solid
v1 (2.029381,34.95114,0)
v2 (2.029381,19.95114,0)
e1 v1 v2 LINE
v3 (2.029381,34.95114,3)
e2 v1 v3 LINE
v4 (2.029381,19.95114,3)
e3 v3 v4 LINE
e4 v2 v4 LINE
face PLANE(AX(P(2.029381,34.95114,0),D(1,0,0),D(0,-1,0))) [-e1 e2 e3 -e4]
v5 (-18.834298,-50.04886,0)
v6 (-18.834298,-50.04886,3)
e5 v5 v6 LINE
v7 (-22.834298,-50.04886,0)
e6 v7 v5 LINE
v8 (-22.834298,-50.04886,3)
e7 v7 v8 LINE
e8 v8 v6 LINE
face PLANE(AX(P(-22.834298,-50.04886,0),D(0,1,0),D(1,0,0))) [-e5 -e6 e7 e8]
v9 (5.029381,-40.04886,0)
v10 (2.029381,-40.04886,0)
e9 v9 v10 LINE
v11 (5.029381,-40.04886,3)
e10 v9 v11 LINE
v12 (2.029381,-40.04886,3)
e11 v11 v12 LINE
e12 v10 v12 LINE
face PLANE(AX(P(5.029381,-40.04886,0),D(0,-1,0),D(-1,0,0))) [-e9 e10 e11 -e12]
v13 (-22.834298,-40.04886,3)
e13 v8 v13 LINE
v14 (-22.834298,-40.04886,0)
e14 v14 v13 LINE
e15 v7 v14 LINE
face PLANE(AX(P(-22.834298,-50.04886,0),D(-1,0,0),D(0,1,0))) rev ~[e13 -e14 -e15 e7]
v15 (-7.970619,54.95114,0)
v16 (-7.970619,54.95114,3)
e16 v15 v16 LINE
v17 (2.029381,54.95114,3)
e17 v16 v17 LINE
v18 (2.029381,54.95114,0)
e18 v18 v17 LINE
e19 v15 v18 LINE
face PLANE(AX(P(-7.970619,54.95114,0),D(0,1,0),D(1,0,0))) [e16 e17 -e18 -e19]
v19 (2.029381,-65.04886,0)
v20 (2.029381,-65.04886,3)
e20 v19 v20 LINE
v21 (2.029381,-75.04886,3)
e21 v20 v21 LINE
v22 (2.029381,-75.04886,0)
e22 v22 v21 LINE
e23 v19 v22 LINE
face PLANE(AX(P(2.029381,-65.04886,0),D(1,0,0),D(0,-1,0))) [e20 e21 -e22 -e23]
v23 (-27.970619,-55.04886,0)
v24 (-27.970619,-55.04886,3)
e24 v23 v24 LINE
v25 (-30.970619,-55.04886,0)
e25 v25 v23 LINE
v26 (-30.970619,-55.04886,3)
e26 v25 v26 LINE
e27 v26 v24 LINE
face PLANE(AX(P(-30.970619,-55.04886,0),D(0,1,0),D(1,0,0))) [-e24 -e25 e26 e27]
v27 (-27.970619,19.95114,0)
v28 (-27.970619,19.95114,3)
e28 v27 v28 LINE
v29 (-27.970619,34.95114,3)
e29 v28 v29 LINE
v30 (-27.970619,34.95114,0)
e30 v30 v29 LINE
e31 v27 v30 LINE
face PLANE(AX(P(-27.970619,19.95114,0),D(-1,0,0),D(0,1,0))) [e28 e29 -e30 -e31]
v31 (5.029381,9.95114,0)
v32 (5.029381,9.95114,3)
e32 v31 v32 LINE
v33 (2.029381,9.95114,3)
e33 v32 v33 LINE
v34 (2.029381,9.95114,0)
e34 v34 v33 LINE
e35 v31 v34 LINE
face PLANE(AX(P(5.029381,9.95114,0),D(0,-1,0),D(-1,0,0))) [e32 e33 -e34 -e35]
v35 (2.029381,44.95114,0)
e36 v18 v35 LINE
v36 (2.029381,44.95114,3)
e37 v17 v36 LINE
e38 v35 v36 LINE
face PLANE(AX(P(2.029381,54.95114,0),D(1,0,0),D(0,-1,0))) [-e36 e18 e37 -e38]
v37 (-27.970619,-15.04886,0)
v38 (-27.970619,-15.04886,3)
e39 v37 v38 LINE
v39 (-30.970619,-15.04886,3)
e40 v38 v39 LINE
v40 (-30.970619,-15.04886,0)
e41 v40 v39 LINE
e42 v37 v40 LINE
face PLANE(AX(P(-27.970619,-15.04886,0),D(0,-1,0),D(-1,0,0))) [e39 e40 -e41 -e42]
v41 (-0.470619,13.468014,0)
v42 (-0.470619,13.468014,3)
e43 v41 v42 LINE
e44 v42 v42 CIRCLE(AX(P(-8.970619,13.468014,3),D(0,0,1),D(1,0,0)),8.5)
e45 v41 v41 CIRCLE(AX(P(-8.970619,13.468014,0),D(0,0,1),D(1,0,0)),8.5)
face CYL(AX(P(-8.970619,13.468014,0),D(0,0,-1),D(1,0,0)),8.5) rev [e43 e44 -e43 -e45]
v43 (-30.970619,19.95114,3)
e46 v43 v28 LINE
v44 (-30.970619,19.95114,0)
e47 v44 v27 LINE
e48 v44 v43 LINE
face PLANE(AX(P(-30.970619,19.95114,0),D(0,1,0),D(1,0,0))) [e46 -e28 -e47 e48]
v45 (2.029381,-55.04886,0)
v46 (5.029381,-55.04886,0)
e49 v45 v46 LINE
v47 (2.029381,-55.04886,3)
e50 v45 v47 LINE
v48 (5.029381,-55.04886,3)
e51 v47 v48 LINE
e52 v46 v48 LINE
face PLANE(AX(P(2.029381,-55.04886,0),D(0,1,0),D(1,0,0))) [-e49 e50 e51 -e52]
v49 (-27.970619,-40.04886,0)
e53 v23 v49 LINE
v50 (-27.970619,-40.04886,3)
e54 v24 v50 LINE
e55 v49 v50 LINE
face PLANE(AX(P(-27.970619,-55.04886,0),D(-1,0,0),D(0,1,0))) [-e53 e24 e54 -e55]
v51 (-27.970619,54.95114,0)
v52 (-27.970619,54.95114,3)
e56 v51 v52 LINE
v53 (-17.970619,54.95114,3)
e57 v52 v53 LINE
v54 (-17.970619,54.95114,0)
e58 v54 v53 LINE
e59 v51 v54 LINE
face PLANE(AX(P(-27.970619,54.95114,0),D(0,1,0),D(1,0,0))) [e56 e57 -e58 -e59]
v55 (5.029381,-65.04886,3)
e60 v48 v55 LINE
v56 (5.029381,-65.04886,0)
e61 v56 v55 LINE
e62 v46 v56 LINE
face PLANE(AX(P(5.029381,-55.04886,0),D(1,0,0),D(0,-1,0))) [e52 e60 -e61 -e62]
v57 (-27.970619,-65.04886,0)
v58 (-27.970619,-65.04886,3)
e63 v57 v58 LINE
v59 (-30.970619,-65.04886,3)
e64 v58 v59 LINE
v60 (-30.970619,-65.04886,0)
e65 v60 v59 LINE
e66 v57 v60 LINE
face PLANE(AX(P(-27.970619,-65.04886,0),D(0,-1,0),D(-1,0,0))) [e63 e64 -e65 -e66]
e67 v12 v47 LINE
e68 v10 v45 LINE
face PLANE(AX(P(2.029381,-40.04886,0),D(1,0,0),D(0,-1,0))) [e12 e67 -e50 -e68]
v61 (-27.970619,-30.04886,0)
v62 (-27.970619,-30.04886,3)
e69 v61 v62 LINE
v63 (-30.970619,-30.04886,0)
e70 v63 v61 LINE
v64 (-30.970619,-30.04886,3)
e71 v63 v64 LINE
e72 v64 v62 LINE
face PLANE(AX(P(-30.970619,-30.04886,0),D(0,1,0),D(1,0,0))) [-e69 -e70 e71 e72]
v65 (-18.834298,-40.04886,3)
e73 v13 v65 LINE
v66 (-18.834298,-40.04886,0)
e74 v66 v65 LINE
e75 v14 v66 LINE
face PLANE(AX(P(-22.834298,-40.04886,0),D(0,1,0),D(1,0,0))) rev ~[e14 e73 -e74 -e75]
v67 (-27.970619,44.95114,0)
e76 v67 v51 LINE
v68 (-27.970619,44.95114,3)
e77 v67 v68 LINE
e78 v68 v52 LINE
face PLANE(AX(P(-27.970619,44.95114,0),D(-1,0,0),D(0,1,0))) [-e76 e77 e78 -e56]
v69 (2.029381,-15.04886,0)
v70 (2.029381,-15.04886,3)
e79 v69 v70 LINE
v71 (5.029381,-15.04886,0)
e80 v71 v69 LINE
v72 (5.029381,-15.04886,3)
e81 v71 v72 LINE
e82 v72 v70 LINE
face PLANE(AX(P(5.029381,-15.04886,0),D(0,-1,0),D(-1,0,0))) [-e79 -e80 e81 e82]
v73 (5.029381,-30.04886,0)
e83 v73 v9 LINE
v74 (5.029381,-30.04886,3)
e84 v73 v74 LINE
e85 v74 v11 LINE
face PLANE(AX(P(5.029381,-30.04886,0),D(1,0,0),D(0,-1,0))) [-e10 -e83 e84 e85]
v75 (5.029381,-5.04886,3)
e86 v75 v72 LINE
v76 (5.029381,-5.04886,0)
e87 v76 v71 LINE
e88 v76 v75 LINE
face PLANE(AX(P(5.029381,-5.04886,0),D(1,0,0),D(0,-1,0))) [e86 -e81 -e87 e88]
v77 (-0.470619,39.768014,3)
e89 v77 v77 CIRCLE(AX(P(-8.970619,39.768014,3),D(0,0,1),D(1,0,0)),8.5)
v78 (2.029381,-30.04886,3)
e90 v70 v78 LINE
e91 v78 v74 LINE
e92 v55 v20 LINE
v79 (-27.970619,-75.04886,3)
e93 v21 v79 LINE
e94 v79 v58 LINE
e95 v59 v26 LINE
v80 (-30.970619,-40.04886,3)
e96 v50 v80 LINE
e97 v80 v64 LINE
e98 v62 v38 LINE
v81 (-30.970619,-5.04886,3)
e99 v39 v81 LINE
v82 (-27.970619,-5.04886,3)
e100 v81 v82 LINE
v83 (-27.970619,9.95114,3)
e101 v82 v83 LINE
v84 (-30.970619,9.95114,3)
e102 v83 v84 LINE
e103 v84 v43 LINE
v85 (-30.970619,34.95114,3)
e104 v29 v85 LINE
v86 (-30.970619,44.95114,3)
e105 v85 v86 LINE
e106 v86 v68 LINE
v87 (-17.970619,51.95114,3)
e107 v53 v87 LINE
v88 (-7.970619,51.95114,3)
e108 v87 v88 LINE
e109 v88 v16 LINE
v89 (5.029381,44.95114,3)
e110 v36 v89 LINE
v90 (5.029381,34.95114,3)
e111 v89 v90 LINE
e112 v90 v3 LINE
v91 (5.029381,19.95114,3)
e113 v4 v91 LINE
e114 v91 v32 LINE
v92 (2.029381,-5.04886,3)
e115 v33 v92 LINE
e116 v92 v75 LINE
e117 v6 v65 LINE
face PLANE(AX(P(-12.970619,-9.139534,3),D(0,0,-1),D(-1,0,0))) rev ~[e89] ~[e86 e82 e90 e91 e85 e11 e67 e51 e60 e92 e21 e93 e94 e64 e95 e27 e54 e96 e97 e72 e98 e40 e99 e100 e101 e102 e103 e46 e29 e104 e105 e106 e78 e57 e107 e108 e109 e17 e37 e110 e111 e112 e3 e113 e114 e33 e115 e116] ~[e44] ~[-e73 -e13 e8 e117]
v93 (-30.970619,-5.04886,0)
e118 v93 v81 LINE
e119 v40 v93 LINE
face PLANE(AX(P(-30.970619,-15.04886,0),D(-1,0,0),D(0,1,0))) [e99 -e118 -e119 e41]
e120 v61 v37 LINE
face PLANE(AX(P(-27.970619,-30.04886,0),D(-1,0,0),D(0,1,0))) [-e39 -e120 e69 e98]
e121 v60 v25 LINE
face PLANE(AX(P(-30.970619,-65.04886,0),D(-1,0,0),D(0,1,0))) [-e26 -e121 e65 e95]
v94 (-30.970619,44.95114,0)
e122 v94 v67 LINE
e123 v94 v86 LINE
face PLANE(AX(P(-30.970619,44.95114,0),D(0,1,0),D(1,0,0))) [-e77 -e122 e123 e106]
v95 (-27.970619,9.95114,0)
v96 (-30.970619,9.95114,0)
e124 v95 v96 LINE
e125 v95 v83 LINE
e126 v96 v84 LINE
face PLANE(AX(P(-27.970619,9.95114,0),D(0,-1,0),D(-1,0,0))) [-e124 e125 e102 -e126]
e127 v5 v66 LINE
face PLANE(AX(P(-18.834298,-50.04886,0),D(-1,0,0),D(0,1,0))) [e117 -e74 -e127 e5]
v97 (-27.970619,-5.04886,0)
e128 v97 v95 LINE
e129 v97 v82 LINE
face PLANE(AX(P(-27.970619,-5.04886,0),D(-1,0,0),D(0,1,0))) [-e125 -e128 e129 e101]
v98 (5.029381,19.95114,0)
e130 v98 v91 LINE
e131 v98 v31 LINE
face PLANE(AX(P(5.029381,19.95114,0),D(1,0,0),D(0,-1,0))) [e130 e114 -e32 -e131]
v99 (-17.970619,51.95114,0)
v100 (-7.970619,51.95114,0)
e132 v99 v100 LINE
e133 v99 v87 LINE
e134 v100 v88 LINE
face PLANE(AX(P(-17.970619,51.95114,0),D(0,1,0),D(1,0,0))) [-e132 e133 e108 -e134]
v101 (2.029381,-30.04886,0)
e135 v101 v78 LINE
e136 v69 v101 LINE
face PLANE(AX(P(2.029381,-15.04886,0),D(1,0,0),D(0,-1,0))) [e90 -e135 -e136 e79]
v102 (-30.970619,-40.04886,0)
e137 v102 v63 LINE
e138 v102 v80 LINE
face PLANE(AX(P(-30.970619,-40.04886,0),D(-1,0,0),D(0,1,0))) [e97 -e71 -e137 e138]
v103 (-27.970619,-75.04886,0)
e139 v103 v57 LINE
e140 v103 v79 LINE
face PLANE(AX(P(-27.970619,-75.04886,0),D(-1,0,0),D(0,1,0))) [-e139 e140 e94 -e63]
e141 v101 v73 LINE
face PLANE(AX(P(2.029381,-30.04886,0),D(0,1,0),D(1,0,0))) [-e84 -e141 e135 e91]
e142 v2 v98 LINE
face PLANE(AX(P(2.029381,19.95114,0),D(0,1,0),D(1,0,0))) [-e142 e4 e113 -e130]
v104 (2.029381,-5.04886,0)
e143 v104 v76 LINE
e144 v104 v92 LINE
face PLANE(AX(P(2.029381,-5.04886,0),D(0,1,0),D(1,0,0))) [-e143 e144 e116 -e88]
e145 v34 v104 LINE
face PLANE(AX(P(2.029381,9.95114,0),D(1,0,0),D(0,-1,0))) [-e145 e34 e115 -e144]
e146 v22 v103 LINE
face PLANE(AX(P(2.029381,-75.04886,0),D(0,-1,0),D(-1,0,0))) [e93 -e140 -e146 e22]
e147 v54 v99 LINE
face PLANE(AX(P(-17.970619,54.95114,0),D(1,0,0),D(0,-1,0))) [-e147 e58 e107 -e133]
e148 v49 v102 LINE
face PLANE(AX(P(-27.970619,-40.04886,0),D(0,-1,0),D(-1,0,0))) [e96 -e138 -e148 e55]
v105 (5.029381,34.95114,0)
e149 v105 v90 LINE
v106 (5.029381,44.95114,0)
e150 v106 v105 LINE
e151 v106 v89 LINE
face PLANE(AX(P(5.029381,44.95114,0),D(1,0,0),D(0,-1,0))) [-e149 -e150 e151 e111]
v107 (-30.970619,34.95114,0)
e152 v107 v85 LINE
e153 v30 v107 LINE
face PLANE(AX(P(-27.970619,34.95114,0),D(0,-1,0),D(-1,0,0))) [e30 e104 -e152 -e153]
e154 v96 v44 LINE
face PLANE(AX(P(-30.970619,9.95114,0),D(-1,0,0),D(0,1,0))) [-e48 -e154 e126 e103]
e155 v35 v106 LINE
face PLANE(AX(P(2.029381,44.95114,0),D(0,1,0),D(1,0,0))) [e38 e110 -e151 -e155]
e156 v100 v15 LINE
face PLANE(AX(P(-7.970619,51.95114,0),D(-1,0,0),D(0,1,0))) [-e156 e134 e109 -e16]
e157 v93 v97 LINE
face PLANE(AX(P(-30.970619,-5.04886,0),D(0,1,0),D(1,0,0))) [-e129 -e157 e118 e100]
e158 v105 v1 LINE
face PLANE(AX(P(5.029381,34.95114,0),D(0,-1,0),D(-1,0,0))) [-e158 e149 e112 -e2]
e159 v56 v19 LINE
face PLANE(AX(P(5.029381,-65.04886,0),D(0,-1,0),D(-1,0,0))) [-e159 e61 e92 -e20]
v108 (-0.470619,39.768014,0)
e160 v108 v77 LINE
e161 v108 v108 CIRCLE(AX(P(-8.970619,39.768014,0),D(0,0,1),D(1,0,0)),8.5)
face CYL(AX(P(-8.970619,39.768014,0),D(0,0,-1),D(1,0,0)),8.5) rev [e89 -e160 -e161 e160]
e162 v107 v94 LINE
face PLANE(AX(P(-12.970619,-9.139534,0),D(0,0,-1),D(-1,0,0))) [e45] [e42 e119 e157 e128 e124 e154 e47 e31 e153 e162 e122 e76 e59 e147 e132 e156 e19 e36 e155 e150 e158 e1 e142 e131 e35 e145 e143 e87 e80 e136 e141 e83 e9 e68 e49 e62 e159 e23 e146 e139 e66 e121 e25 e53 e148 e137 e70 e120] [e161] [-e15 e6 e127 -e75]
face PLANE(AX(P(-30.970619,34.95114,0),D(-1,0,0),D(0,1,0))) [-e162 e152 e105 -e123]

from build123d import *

# Parameters (mm, degrees)
ESQUISSE1_R        = 8.5
ESQUISSE1_W        = 4
ESQUISSE1_H        = 10
BOSS_EXTRU_1_DEPTH = 3


with BuildPart() as part:
    # Esquisse1 → Boss.-Extru.1 (new body)
    with BuildSketch(Plane.XY):
        Polygon((2.029381216, -75.048859935), (-27.970618784, -75.048859935), (-27.970618784, -65.048859935), (-30.970618784, -65.048859935), (-30.970618784, -55.048859935), (-27.970618784, -55.048859935), (-27.970618784, -40.048859935), (-30.970618784, -40.048859935), (-30.970618784, -30.048859935), (-27.970618784, -30.048859935), (-27.970618784, -15.048859935), (-30.970618784, -15.048859935), (-30.970618784, -5.048859935), (-27.970618784, -5.048859935), (-27.970618784, 9.951140065), (-30.970618784, 9.951140065), (-30.970618784, 19.951140065), (-27.970618784, 19.951140065), (-27.970618784, 34.951140065), (-30.970618784, 34.951140065), (-30.970618784, 44.951140065), (-27.970618784, 44.951140065), (-27.970618784, 54.951140065), (-17.970618784, 54.951140065), (-17.970618784, 51.951140065), (-7.970618784, 51.951140065), (-7.970618784, 54.951140065), (2.029381216, 54.951140065), (2.029381216, 44.951140065), (5.029381216, 44.951140065), (5.029381216, 34.951140065), (2.029381216, 34.951140065), (2.029381216, 19.951140065), (5.029381216, 19.951140065), (5.029381216, 9.951140065), (2.029381216, 9.951140065), (2.029381216, -5.048859935), (5.029381216, -5.048859935), (5.029381216, -15.048859935), (2.029381216, -15.048859935), (2.029381216, -30.048859935), (5.029381216, -30.048859935), (5.029381216, -40.048859935), (2.029381216, -40.048859935), (2.029381216, -55.048859935), (5.029381216, -55.048859935), (5.029381216, -65.048859935), (2.029381216, -65.048859935), align=None)
        with Locations((-8.970618784, 39.768013852)):
            Circle(ESQUISSE1_R, mode=Mode.SUBTRACT)
        with Locations((-8.970618784, 13.468013852)):
            Circle(ESQUISSE1_R, mode=Mode.SUBTRACT)
        with Locations((-20.834297512, -45.048859935)):
            Rectangle(ESQUISSE1_W, ESQUISSE1_H, mode=Mode.SUBTRACT)
    extrude(amount=BOSS_EXTRU_1_DEPTH)


solid = part.part
